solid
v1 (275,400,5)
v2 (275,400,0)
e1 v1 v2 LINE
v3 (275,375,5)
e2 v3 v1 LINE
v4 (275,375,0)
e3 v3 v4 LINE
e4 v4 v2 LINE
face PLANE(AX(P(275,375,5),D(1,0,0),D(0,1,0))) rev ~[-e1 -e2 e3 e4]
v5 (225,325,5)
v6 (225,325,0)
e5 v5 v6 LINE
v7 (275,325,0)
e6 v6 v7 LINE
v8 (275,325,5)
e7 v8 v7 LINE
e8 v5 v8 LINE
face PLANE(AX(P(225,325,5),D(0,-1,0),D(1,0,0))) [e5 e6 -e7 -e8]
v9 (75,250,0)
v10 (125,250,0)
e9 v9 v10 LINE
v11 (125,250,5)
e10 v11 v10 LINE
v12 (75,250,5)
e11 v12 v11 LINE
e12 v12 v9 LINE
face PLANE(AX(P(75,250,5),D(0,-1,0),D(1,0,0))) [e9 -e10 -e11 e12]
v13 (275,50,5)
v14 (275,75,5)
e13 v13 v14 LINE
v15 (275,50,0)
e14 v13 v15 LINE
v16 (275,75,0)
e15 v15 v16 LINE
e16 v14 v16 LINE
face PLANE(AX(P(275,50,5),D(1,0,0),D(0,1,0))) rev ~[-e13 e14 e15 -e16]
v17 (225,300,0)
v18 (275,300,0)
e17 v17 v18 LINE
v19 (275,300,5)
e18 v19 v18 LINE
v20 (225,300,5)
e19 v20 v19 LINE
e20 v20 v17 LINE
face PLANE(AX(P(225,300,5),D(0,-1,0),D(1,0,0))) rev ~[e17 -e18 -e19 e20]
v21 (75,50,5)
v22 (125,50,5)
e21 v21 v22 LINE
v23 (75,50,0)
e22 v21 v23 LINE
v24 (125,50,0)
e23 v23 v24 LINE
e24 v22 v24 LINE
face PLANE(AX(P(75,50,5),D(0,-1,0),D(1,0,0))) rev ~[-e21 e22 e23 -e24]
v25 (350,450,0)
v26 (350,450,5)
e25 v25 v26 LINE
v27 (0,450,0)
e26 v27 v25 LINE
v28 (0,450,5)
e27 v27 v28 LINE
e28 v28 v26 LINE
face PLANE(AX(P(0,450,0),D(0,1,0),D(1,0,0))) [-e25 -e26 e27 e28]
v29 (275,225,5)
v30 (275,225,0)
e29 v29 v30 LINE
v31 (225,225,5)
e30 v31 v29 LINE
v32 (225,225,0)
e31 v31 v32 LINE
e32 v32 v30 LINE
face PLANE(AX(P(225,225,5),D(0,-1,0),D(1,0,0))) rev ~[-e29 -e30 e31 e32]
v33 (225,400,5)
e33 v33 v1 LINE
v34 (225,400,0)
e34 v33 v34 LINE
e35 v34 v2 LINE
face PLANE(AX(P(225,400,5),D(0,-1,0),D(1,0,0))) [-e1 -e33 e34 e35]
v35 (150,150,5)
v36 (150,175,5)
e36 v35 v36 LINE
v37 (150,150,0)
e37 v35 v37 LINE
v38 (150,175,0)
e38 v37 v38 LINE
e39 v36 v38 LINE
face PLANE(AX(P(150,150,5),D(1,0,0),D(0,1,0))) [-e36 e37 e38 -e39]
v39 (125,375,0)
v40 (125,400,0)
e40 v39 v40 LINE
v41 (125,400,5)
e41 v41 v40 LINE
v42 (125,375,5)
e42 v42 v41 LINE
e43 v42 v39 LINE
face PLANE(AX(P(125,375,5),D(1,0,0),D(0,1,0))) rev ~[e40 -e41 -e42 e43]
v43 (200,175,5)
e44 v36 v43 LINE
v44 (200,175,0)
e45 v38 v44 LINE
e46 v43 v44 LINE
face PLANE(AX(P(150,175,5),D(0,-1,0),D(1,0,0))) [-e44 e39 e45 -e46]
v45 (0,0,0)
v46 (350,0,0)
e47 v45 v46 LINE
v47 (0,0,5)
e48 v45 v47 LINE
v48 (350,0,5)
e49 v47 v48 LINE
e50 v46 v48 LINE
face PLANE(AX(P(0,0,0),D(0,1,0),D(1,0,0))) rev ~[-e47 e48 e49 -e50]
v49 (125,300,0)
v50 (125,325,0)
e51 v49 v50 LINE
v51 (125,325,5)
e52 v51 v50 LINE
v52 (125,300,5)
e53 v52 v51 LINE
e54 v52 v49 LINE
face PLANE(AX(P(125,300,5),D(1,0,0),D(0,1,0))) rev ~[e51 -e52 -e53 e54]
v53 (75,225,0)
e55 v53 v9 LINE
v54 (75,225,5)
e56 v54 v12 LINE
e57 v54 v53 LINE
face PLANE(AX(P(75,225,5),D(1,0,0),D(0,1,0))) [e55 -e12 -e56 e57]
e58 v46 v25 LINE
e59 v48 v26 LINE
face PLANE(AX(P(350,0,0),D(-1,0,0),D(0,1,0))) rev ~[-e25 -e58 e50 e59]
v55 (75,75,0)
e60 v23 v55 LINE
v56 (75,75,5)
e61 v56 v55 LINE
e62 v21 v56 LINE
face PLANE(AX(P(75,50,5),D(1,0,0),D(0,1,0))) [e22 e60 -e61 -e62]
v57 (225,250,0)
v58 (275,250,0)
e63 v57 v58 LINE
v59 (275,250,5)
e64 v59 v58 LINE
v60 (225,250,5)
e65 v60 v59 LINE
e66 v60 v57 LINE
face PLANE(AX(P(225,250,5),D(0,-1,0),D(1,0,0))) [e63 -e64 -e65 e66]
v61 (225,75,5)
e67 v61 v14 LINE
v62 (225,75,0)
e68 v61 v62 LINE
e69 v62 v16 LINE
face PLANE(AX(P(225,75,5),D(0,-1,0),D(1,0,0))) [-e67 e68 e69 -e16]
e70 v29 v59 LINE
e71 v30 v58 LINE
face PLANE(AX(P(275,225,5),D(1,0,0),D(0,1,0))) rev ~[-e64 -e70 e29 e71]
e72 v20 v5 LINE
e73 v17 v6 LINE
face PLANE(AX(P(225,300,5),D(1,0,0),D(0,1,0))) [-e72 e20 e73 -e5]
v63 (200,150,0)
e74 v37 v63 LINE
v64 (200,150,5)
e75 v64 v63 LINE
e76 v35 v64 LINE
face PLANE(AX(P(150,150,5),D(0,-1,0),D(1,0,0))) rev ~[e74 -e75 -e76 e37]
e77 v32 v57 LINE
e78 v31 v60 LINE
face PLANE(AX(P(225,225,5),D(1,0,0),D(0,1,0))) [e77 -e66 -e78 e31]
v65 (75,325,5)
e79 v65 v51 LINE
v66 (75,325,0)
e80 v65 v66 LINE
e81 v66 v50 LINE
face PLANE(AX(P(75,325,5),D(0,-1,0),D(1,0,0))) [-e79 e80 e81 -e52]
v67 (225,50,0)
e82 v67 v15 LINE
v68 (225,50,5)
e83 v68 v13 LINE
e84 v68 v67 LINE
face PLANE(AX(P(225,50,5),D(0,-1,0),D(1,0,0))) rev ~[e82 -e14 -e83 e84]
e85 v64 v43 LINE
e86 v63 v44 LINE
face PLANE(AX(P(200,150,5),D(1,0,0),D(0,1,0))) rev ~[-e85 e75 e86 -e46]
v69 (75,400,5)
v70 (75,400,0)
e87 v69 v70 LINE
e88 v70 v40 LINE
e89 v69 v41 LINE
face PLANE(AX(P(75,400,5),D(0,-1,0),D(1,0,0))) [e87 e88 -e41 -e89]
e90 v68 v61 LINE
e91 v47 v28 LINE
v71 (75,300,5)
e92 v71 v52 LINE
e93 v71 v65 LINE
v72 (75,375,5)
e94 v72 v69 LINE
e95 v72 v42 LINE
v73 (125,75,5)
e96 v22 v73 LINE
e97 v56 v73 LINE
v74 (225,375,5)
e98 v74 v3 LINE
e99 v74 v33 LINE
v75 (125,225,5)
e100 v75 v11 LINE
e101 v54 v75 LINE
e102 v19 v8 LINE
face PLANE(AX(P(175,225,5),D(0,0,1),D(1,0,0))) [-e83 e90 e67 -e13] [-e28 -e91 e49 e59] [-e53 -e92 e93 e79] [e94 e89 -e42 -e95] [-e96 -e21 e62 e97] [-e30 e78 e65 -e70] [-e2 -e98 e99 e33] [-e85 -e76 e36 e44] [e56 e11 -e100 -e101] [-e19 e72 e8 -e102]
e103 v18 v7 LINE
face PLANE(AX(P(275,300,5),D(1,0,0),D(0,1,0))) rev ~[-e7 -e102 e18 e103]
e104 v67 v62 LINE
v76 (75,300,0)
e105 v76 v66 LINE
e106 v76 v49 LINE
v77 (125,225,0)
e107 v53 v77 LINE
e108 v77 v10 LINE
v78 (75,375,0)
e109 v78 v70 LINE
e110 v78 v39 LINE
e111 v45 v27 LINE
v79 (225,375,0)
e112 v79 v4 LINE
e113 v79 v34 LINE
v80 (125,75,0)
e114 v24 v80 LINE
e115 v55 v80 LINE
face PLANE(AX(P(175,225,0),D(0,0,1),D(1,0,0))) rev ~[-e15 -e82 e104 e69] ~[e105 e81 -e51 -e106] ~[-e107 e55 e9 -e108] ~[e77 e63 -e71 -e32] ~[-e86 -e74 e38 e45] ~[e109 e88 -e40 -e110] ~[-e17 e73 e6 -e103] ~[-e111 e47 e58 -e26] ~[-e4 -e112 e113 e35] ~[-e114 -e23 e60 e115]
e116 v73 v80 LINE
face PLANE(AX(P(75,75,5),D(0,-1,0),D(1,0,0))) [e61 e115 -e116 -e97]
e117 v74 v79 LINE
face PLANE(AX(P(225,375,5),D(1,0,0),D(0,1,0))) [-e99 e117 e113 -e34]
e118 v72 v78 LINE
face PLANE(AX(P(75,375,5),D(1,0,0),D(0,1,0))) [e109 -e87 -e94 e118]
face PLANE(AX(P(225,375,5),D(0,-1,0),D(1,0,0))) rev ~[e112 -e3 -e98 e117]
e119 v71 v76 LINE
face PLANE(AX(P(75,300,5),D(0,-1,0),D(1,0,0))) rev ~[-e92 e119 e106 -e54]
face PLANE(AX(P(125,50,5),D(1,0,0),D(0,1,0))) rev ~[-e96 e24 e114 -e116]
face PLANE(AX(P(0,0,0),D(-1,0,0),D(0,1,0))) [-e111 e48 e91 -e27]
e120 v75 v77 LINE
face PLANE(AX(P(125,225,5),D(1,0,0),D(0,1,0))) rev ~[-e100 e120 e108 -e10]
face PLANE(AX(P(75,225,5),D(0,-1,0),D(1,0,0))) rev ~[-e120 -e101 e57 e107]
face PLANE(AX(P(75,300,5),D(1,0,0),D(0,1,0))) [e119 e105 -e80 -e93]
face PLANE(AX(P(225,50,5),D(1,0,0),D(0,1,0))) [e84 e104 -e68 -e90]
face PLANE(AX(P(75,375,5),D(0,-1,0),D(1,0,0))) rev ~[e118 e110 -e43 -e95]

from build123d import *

# Parameters (mm, degrees)
SKETCH1_W           = 350
SKETCH1_H           = 450
BOSS_EXTRUDE1_DEPTH = 5
SKETCH2_W           = 50
SKETCH2_H           = 25
CUT_EXTRUDE1_DEPTH  = 571.109638578


with BuildPart() as part:
    # Sketch1 → Boss-Extrude1 (new body)
    with BuildSketch(Plane.XY):
        with Locations((175, 225)):
            Rectangle(SKETCH1_W, SKETCH1_H)
    extrude(amount=BOSS_EXTRUDE1_DEPTH)

    # Sketch2 → Cut-Extrude1 (cut, through all)
    with BuildSketch(Plane.XY.offset(5)):
        with Locations((100, 387.5)):
            Rectangle(SKETCH2_W, SKETCH2_H)
    cut_extrude1 = extrude(amount=-CUT_EXTRUDE1_DEPTH, mode=Mode.SUBTRACT)

    # Sketch-Pattern1: Cut-Extrude1 at 8 more places
    with Locations((150, 0, 0), (150, -75, 0), (0, -75, 0), (0, -150, 0), (150, -150, 0), (75, -225, 0), (0, -325, 0), (150, -325, 0)):
        add(cut_extrude1, mode=Mode.SUBTRACT)


solid = part.part
